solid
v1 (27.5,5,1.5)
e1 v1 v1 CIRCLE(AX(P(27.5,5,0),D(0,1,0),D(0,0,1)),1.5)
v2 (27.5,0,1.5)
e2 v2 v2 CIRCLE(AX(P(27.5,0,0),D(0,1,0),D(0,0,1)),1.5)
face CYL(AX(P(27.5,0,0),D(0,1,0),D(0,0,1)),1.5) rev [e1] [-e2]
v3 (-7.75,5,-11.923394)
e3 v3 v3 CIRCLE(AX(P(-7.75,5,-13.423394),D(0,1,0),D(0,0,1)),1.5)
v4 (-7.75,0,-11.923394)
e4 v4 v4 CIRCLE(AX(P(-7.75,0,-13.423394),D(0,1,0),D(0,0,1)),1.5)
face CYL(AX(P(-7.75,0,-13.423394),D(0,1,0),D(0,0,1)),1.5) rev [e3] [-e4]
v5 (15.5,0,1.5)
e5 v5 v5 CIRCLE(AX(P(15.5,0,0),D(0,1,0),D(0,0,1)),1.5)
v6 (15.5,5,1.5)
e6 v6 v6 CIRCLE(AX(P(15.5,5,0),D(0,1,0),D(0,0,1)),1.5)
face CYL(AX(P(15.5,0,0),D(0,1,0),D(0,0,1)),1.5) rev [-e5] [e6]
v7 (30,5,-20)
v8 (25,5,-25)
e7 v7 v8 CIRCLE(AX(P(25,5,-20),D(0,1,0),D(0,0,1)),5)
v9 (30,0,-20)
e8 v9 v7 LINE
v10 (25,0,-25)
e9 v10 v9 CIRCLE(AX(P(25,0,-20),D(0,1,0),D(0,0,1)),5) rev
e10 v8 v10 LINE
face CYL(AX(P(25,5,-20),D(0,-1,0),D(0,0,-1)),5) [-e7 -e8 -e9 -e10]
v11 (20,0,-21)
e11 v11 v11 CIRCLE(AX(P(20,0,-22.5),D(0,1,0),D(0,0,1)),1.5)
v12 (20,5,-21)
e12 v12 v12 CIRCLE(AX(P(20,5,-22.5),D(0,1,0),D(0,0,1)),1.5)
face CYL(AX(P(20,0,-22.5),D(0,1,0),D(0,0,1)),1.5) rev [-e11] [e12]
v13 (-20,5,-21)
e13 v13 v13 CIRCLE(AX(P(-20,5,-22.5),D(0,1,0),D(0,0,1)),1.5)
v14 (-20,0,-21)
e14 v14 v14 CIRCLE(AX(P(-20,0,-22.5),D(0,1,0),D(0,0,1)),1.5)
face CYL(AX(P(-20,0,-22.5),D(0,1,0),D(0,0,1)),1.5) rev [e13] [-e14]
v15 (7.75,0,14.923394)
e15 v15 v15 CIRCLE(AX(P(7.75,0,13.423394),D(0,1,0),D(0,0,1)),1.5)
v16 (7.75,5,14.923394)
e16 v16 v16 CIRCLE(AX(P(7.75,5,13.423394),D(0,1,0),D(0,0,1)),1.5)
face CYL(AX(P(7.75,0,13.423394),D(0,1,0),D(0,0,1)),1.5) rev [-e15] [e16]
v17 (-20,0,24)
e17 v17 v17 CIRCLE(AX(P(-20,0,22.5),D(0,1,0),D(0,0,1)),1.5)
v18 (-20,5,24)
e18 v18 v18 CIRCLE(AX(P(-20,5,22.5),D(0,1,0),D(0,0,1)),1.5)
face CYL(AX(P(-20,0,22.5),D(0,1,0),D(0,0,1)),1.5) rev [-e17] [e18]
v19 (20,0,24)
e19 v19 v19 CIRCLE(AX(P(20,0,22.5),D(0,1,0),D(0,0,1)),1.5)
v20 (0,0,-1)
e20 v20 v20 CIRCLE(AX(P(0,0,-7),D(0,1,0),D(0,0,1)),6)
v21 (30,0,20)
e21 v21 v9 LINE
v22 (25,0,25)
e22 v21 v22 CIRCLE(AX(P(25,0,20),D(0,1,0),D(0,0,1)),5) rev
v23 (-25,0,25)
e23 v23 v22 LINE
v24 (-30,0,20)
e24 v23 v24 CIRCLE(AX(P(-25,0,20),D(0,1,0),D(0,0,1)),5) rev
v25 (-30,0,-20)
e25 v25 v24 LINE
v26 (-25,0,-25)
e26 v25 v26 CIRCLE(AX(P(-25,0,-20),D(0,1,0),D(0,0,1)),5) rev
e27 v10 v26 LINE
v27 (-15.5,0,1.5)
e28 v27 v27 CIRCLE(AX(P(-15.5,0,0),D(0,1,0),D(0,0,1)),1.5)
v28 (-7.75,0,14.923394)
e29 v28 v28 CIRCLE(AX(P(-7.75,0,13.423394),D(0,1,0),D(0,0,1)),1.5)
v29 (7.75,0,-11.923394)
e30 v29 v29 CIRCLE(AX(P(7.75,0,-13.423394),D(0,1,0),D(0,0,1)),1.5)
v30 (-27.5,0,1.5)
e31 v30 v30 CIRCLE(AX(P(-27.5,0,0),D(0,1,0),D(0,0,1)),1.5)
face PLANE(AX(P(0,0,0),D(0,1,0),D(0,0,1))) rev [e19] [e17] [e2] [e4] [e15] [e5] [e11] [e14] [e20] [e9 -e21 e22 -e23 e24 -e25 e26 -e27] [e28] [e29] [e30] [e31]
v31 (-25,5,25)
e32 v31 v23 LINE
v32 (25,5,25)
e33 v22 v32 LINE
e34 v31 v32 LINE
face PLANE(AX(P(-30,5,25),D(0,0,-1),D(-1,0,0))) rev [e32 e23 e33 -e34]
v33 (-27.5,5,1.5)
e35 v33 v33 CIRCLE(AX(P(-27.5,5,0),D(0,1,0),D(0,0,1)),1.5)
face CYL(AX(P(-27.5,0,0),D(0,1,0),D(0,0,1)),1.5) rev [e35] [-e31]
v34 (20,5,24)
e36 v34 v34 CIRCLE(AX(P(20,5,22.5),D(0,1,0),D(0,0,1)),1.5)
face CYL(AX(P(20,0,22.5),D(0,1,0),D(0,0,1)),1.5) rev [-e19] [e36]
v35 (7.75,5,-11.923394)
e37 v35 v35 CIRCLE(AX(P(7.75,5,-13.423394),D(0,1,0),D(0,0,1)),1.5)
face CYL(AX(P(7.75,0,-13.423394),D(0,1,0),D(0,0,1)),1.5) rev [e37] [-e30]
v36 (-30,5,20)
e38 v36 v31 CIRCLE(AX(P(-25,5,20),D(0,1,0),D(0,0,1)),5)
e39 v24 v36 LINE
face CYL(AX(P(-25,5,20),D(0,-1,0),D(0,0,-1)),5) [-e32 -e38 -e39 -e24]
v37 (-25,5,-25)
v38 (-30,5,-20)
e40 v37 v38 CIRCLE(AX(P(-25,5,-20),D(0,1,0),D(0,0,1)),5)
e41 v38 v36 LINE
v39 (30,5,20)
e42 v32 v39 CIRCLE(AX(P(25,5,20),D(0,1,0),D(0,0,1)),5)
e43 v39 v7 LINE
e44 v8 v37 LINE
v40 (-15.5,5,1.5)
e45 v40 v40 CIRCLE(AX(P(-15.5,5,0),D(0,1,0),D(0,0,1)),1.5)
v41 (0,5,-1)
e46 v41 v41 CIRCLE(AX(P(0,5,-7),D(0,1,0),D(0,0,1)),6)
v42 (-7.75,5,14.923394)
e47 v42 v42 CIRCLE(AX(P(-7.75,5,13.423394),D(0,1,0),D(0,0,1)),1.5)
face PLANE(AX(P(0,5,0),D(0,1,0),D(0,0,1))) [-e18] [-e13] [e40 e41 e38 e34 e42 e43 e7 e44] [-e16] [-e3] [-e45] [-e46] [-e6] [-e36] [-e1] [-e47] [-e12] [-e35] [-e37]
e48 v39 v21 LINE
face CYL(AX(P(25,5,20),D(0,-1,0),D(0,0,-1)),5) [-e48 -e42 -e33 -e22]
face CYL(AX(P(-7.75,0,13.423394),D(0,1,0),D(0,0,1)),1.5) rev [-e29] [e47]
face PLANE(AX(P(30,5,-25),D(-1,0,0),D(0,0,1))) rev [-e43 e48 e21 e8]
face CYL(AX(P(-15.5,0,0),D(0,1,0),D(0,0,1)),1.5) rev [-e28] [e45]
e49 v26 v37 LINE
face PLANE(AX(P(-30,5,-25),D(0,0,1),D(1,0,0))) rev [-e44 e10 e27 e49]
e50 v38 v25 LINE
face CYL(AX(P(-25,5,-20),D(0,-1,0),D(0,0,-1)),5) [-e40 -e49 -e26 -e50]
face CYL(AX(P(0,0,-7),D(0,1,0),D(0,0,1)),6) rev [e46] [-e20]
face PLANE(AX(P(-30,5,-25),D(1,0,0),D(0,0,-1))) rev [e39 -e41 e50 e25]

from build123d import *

# Parameters (mm, degrees)
SKETCH1_W           = 60
SKETCH1_H           = 50
BOSS_EXTRUDE1_DEPTH = 5
SKETCH2_R           = 6
SKETCH2_R_2         = 1.5
CUT_EXTRUDE1_DEPTH  = 5
FILLET1_R           = 5


with BuildPart() as part:
    # Sketch1 → Boss-Extrude1 (new body)
    with BuildSketch(Plane(origin=(0, 0, 0), x_dir=(1, 0, 0), z_dir=(0, 1, 0))):
        Rectangle(SKETCH1_W, SKETCH1_H)
    extrude(amount=BOSS_EXTRUDE1_DEPTH)

    # Sketch2 → Cut-Extrude1 (cut)
    with BuildSketch(Plane(origin=(0, 5, 0), x_dir=(1, 0, 0), z_dir=(0, 1, 0))):
        with Locations(Location((0, 7, 0), (0, 0, 270))):
            Circle(SKETCH2_R)
        with Locations(Location((-7.75, 13.423393759, 0), (0, 0, 270))):
            Circle(SKETCH2_R_2)
        with Locations(Location((-15.5, 0, 0), (0, 0, 270))):
            Circle(SKETCH2_R_2)
        with Locations(Location((-7.75, -13.423393759, 0), (0, 0, 270))):
            Circle(SKETCH2_R_2)
        with Locations(Location((7.75, -13.423393759, 0), (0, 0, 270))):
            Circle(SKETCH2_R_2)
        with Locations(Location((15.5, 0, 0), (0, 0, 270))):
            Circle(SKETCH2_R_2)
        with Locations(Location((7.75, 13.423393759, 0), (0, 0, 270))):
            Circle(SKETCH2_R_2)
        with Locations(Location((-20, 22.5, 0), (0, 0, 270))):
            Circle(SKETCH2_R_2)
        with Locations(Location((20, 22.5, 0), (0, 0, 270))):
            Circle(SKETCH2_R_2)
        with Locations(Location((20, -22.5, 0), (0, 0, 270))):
            Circle(SKETCH2_R_2)
        with Locations(Location((-20, -22.5, 0), (0, 0, 270))):
            Circle(SKETCH2_R_2)
        with Locations(Location((-27.5, 0, 0), (0, 0, 270))):
            Circle(SKETCH2_R_2)
        with Locations(Location((27.5, 0, 0), (0, 0, 270))):
            Circle(SKETCH2_R_2)
    extrude(amount=-CUT_EXTRUDE1_DEPTH, mode=Mode.SUBTRACT)

    # Fillet1
    fillet1_edges = [part.edges().sort_by_distance(p)[0] for p in [
        (30, 2.5, 25),
        (-30, 2.5, 25),
        (-30, 2.5, -25),
        (30, 2.5, -25),
    ]]
    fillet(fillet1_edges, radius=FILLET1_R)


solid = part.part
